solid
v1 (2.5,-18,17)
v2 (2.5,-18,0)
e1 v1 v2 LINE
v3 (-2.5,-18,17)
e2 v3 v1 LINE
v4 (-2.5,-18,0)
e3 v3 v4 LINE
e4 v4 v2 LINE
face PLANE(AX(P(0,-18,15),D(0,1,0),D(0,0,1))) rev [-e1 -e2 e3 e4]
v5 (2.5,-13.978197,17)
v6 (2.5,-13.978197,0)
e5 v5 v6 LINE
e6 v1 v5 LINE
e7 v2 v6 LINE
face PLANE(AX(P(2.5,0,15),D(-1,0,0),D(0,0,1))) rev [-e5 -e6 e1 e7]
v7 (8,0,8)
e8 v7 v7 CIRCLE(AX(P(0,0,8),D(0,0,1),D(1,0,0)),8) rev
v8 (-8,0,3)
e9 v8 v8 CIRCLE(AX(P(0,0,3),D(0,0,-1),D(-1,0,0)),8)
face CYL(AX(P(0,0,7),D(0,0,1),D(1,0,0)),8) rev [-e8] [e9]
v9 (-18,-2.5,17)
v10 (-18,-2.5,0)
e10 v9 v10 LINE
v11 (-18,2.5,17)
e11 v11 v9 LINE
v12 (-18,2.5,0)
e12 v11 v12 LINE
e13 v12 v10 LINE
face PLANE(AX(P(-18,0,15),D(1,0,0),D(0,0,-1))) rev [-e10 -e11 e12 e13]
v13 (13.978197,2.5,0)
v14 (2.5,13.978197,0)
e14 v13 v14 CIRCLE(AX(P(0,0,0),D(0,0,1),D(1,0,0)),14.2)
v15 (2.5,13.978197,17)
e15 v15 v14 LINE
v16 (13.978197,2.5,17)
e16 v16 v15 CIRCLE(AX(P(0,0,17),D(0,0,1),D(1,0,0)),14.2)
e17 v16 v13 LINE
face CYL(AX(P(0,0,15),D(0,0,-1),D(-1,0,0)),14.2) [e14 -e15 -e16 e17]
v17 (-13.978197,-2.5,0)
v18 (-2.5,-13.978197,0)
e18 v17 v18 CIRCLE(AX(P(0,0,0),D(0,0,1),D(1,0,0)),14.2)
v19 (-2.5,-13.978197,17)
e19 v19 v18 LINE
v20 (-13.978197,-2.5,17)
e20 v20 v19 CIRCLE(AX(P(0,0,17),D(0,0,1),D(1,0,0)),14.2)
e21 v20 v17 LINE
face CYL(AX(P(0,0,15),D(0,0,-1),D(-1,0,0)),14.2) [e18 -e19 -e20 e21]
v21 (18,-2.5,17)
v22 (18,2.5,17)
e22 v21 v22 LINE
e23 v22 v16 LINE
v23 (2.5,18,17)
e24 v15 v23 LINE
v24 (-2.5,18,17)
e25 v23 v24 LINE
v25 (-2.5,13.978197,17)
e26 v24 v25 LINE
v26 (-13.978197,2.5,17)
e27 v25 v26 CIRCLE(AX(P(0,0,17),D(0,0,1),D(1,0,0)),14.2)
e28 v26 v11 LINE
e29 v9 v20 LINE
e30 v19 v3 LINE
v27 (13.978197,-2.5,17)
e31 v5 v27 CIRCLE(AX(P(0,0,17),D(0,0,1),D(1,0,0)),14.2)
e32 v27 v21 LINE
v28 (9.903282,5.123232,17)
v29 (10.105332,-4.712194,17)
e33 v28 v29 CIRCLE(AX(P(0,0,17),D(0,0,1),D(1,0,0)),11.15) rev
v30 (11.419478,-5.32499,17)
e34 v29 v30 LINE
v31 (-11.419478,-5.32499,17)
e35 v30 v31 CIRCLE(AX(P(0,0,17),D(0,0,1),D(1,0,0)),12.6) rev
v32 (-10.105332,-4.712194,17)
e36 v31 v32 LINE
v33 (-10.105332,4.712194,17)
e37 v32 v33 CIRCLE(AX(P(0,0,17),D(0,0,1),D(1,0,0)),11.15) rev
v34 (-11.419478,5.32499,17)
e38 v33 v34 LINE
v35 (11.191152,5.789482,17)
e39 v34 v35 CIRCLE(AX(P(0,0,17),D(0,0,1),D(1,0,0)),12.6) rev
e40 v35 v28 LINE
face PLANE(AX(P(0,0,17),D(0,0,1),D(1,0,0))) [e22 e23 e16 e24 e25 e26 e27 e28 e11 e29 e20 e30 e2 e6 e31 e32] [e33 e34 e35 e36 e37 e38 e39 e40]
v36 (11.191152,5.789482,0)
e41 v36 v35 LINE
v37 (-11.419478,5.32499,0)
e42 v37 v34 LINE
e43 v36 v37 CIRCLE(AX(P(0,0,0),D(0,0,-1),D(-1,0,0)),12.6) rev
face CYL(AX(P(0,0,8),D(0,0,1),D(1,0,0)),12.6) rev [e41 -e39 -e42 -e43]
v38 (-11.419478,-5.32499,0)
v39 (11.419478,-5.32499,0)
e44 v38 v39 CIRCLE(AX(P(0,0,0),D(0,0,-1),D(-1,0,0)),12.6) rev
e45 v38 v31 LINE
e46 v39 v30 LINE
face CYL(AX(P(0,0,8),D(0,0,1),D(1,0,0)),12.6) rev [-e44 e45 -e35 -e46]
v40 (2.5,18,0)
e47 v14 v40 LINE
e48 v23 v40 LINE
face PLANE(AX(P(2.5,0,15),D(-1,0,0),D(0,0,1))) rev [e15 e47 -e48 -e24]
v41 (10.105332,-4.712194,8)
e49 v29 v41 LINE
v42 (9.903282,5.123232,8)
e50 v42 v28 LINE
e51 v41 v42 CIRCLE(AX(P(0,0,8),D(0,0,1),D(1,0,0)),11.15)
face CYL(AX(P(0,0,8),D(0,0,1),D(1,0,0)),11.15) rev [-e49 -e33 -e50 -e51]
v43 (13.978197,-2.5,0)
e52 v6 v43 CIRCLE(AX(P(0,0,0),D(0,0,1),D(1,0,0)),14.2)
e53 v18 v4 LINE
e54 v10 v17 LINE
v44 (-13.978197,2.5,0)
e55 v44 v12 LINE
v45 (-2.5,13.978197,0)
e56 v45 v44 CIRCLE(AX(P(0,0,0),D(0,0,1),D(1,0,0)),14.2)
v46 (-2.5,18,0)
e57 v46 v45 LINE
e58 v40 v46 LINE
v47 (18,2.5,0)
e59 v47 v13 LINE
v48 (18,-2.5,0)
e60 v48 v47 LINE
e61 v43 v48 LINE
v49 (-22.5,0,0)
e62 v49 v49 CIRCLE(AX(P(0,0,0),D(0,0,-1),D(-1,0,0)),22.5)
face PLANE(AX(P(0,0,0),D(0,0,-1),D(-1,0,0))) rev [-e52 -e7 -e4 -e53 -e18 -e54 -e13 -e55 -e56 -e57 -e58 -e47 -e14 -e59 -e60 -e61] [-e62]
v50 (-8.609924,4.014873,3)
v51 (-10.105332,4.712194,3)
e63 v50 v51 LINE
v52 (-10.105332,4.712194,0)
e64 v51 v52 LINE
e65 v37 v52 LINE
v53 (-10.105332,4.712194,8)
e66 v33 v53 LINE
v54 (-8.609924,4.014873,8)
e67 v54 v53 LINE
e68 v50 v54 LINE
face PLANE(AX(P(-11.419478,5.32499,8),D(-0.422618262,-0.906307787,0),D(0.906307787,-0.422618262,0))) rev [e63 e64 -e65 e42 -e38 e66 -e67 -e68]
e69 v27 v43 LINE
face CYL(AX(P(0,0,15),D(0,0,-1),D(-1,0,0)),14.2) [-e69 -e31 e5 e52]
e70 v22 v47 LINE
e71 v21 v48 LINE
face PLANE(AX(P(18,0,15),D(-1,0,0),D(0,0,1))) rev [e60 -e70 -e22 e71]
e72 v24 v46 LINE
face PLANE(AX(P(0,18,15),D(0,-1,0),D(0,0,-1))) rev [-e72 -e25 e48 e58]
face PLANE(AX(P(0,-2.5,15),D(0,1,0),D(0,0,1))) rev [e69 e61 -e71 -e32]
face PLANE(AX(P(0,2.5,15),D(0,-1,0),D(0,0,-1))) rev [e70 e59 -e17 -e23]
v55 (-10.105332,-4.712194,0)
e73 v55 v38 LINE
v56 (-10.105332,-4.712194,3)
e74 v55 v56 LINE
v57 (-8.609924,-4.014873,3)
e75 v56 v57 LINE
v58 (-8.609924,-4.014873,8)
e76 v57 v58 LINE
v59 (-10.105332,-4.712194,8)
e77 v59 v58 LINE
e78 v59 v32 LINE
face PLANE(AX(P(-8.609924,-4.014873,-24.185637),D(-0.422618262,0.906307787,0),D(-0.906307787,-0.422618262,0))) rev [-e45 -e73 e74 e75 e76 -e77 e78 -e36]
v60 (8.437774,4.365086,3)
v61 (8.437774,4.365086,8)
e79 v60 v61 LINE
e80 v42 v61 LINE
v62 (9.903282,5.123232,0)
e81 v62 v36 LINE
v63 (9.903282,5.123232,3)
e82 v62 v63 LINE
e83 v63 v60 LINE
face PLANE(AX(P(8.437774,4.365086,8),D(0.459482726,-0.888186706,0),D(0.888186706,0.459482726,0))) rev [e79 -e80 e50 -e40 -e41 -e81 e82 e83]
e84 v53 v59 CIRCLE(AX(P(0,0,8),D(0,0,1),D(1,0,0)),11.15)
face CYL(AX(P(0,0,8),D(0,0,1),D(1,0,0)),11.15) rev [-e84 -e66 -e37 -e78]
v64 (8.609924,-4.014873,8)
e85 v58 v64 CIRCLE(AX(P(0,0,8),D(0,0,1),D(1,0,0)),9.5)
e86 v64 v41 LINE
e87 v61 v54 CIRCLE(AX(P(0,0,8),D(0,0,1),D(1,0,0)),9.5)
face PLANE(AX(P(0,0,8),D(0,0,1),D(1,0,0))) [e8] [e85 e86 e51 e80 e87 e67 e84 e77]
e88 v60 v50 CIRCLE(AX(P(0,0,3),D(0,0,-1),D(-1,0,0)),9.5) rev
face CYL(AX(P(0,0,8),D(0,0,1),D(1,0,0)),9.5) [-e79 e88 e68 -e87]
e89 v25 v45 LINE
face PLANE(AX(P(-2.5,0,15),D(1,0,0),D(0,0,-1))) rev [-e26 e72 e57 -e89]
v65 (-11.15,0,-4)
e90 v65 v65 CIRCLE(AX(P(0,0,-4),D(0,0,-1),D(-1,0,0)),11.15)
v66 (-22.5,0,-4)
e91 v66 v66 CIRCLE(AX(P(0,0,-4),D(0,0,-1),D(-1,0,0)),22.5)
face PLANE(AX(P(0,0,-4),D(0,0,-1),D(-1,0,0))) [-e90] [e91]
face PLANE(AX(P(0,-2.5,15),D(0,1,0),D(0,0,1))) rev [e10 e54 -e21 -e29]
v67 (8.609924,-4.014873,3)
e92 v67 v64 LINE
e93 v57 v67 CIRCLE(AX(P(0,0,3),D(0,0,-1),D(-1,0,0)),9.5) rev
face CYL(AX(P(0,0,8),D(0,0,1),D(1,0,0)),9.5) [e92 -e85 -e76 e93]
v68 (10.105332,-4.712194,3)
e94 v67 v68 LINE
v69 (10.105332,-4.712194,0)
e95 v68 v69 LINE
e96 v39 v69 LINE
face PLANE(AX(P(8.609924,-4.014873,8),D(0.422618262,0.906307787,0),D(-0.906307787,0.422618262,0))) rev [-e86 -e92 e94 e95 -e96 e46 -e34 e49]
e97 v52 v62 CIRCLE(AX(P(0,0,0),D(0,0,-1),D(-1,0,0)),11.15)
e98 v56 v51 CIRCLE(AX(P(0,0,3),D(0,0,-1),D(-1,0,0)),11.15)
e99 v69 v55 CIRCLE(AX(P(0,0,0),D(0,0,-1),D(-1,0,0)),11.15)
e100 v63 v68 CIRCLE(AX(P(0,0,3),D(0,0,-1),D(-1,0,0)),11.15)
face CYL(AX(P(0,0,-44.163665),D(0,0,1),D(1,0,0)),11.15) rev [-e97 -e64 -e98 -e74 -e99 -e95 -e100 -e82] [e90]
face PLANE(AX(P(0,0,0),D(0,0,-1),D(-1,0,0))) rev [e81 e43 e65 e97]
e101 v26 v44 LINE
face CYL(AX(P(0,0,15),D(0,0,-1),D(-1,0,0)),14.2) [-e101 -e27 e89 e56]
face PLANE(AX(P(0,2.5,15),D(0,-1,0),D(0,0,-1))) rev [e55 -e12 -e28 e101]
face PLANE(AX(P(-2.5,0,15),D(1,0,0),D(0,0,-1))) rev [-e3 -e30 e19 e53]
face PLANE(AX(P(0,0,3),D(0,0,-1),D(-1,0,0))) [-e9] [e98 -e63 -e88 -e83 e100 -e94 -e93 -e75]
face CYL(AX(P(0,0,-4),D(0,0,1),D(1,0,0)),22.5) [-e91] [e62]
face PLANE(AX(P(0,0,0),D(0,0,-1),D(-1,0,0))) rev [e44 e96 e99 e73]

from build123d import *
from build123d.topology import SkipClean

# Parameters (mm, degrees)
ESBO_O1_R                 = 11.15
RESSALTO_EXTRUS_O1_DEPTH  = 15
ESBO_O2_R                 = 22.5
RESSALTO_EXTRUS_O2_DEPTH  = 4
RESSALTO_EXTRUS_O6_START  = -8
ESBO_O5_R                 = 11.15
ESBO_O5_R_2               = 8
RESSALTO_EXTRUS_O6_DEPTH  = 8
RESSALTO_EXTRUS_O7_START  = 4
ESBO_O7_R                 = 14.2
ESBO_O7_R_2               = 11.15
RESSALTO_EXTRUS_O7_DEPTH  = 4
RESSALTO_EXTRUS_O8_START  = 4
ESBO_O8_R                 = 11.15
ESBO_O8_R_2               = 8
RESSALTO_EXTRUS_O8_DEPTH  = 4
CORTE_EXTRUS_O1_DEPTH     = 7
CORTE_EXTRUS_O2_DEPTH     = 8
CORTE_EXTRUS_O3_START     = -4
CORTE_EXTRUS_O3_DEPTH     = 4
CORTE_EXTRUS_O4_START     = -11
CORTE_EXTRUS_O4_DEPTH     = 11
CORTE_EXTRUS_O5_START     = -3
ESBO_O17_R                = 11.15
CORTE_EXTRUS_O5_DEPTH     = 3
RESSALTO_EXTRUS_O11_DEPTH = 6


with BuildPart() as part:
    # Esboço1 → Ressalto-extrusão1 (new body)
    with BuildSketch(Plane.XY):
        with BuildLine():
            Line((-2.5, 18), (-2.5, 13.978197309))
            ThreePointArc((-2.5, 13.978197309), (-10.040916293, 10.040916293), (-13.978197309, 2.5))
            Line((-13.978197309, 2.5), (-18, 2.5))
            Line((-18, 2.5), (-18, -2.5))
            Line((-18, -2.5), (-13.978197309, -2.5))
            ThreePointArc((-13.978197309, -2.5), (-10.040916293, -10.040916293), (-2.5, -13.978197309))
            Line((-2.5, -13.978197309), (-2.5, -18))
            Line((-2.5, -18), (2.5, -18))
            Line((2.5, -18), (2.5, -13.978197309))
            ThreePointArc((2.5, -13.978197309), (10.040916293, -10.040916293), (13.978197309, -2.5))
            Line((13.978197309, -2.5), (18, -2.5))
            Line((18, -2.5), (18, 2.5))
            Line((18, 2.5), (13.978197309, 2.5))
            ThreePointArc((13.978197309, 2.5), (10.040916293, 10.040916293), (2.5, 13.978197309))
            Line((2.5, 13.978197309), (2.5, 18))
            Line((2.5, 18), (-2.5, 18))
        make_face()
        Circle(ESBO_O1_R, mode=Mode.SUBTRACT)
    extrude(amount=RESSALTO_EXTRUS_O1_DEPTH)

    # Esboço5 → Ressalto-extrusão6 (add)
    with BuildSketch(Plane.XY.offset(15).offset(RESSALTO_EXTRUS_O6_START)):
        Circle(ESBO_O5_R)
        Circle(ESBO_O5_R_2, mode=Mode.SUBTRACT)
    extrude(amount=RESSALTO_EXTRUS_O6_DEPTH)



with BuildPart() as body_2:
    # Esboço2 → Ressalto-extrusão2 (new body)
    # profile 1 of 5: a face of its own
    with SkipClean():  # the faces are left unmerged after this step: merging them gives an invalid solid
        with BuildSketch(Plane(origin=(0, 0, 0), x_dir=(-1, 0, 0), z_dir=(0, 0, -1))):
            Circle(ESBO_O2_R)
            with BuildLine():
                Line((2.5, 13.978197309), (2.5, 18))
                Line((2.5, 18), (-2.5, 18))
                Line((-2.5, 18), (-2.5, 13.978197309))
                ThreePointArc((-2.5, 13.978197309), (-10.040916293, 10.040916293), (-13.978197309, 2.5))
                Line((-13.978197309, 2.5), (-18, 2.5))
                Line((-18, 2.5), (-18, -2.5))
                Line((-18, -2.5), (-13.978197309, -2.5))
                ThreePointArc((-13.978197309, -2.5), (-10.040916293, -10.040916293), (-2.5, -13.978197309))
                Line((-2.5, -13.978197309), (-2.5, -18))
                Line((-2.5, -18), (2.5, -18))
                Line((2.5, -18), (2.5, -13.978197309))
                ThreePointArc((2.5, -13.978197309), (10.040916293, -10.040916293), (13.978197309, -2.5))
                Line((13.978197309, -2.5), (18, -2.5))
                Line((18, -2.5), (18, 2.5))
                Line((18, 2.5), (13.978197309, 2.5))
                ThreePointArc((13.978197309, 2.5), (10.040916293, 10.040916293), (2.5, 13.978197309))
            make_face(mode=Mode.SUBTRACT)
        # profile 2 of 5: a face of its own
        with BuildSketch(Plane(origin=(0, 0, 0), x_dir=(-1, 0, 0), z_dir=(0, 0, -1))):
            with BuildLine():
                Line((2.5, -18), (2.5, -13.978197309))
                ThreePointArc((2.5, -13.978197309), (0, -14.2), (-2.5, -13.978197309))
                Line((-2.5, -13.978197309), (-2.5, -18))
                Line((-2.5, -18), (2.5, -18))
            make_face()
        # profile 3 of 5: a face of its own
        with BuildSketch(Plane(origin=(0, 0, 0), x_dir=(-1, 0, 0), z_dir=(0, 0, -1))):
            with BuildLine():
                ThreePointArc((-13.978197309, -2.5), (-14.2, 0), (-13.978197309, 2.5))
                Line((-13.978197309, 2.5), (-18, 2.5))
                Line((-18, 2.5), (-18, -2.5))
                Line((-18, -2.5), (-13.978197309, -2.5))
            make_face()
        # profile 4 of 5: a face of its own
        with BuildSketch(Plane(origin=(0, 0, 0), x_dir=(-1, 0, 0), z_dir=(0, 0, -1))):
            with BuildLine():
                ThreePointArc((-2.5, 13.978197309), (0, 14.2), (2.5, 13.978197309))
                Line((2.5, 13.978197309), (2.5, 18))
                Line((2.5, 18), (-2.5, 18))
                Line((-2.5, 18), (-2.5, 13.978197309))
            make_face()
        # profile 5 of 5: a face of its own
        with BuildSketch(Plane(origin=(0, 0, 0), x_dir=(-1, 0, 0), z_dir=(0, 0, -1))):
            with BuildLine():
                Line((18, 2.5), (13.978197309, 2.5))
                ThreePointArc((13.978197309, 2.5), (14.2, 0), (13.978197309, -2.5))
                Line((13.978197309, -2.5), (18, -2.5))
                Line((18, -2.5), (18, 2.5))
            make_face()
        extrude(amount=RESSALTO_EXTRUS_O2_DEPTH)


with BuildPart() as part_1:
    with SkipClean():  # the faces are left unmerged after this step: merging them gives an invalid solid
        add(part.part)

        add(body_2.part)  # Ressalto-extrusão7 merges body 2
        # Esboço7 → Ressalto-extrusão7 (add)
        with BuildSketch(Plane(origin=(0, 0, 0), x_dir=(-1, 0, 0), z_dir=(0, 0, -1)).offset(RESSALTO_EXTRUS_O7_START)):
            Circle(ESBO_O7_R)
            with Locations(Location((0, 0, 0), (0, 0, 180))):
                Circle(ESBO_O7_R_2, mode=Mode.SUBTRACT)
        extrude(amount=-RESSALTO_EXTRUS_O7_DEPTH)

    # Esboço8 → Ressalto-extrusão8 (add)
    with BuildSketch(Plane(origin=(0, 0, 7), x_dir=(-1, 0, 0), z_dir=(0, 0, -1)).offset(RESSALTO_EXTRUS_O8_START)):
        Circle(ESBO_O8_R)
        with Locations(Location((0, 0, 0), (0, 0, 180))):
            Circle(ESBO_O8_R_2, mode=Mode.SUBTRACT)
    extrude(amount=-RESSALTO_EXTRUS_O8_DEPTH)

    # Esboço11 → Corte-extrusão1 (cut)
    with BuildSketch(Plane.XY.offset(15)):
        with BuildLine():
            Line((-11.191152491, -5.789482353), (-8.437773704, -4.365085901))
            ThreePointArc((-8.437773704, -4.365085901), (0.195118203, -9.497996046), (8.609923977, -4.014873487))
            Line((8.609923977, -4.014873487), (11.419478117, -5.324990098))
            ThreePointArc((11.419478117, -5.324990098), (0.258788353, -12.597342124), (-11.191152491, -5.789482353))
        make_face()
        with BuildLine():
            Line((-11.419478117, 5.324990098), (-8.609923977, 4.014873487))
            ThreePointArc((-8.609923977, 4.014873487), (-0.195118203, 9.497996046), (8.437773704, 4.365085901))
            Line((8.437773704, 4.365085901), (11.191152491, 5.789482353))
            ThreePointArc((11.191152491, 5.789482353), (-0.258788353, 12.597342124), (-11.419478117, 5.324990098))
        make_face()
    extrude(amount=-CORTE_EXTRUS_O1_DEPTH, mode=Mode.SUBTRACT)

    # Esboço12 → Corte-extrusão2 (cut)
    with BuildSketch(Plane.XY.offset(8)):
        with BuildLine():
            Line((11.419478117, -5.324990098), (8.609923977, -4.014873487))
            ThreePointArc((8.609923977, -4.014873487), (0.195118203, -9.497996046), (-8.437773704, -4.365085901))
            Line((-8.437773704, -4.365085901), (-11.191152491, -5.789482353))
            ThreePointArc((-11.191152491, -5.789482353), (0.258788353, -12.597342124), (11.419478117, -5.324990098))
        make_face()
        with BuildLine():
            Line((-11.419478117, 5.324990098), (-8.609923977, 4.014873487))
            ThreePointArc((-8.609923977, 4.014873487), (-0.195118203, 9.497996046), (8.437773704, 4.365085901))
            Line((8.437773704, 4.365085901), (11.191152491, 5.789482353))
            ThreePointArc((11.191152491, 5.789482353), (-0.258788353, 12.597342124), (-11.419478117, 5.324990098))
        make_face()
    extrude(amount=-CORTE_EXTRUS_O2_DEPTH, mode=Mode.SUBTRACT)

    # Esboço13 → Corte-extrusão3 (cut)
    with BuildSketch(Plane.XY.offset(15).offset(CORTE_EXTRUS_O3_START)):
        with BuildLine():
            Line((-2.5, 18), (-2.5, 13.978197309))
            ThreePointArc((-2.5, 13.978197309), (-10.040916293, 10.040916293), (-13.978197309, 2.5))
            Line((-13.978197309, 2.5), (-18, 2.5))
            Line((-18, 2.5), (-18, -2.5))
            Line((-18, -2.5), (-13.978197309, -2.5))
            ThreePointArc((-13.978197309, -2.5), (-10.040916293, -10.040916293), (-2.5, -13.978197309))
            Line((-2.5, -13.978197309), (-2.5, -18))
            Line((-2.5, -18), (2.5, -18))
            Line((2.5, -18), (2.5, -13.978197309))
            ThreePointArc((2.5, -13.978197309), (10.040916293, -10.040916293), (13.978197309, -2.5))
            Line((13.978197309, -2.5), (18, -2.5))
            Line((18, -2.5), (18, 2.5))
            Line((18, 2.5), (13.978197309, 2.5))
            ThreePointArc((13.978197309, 2.5), (10.040916293, 10.040916293), (2.5, 13.978197309))
            Line((2.5, 13.978197309), (2.5, 18))
            Line((2.5, 18), (-2.5, 18))
        make_face()
    extrude(amount=CORTE_EXTRUS_O3_DEPTH, mode=Mode.SUBTRACT)

    # Esboço14 → Corte-extrusão4 (cut)
    with BuildSketch(Plane.XY.offset(11).offset(CORTE_EXTRUS_O4_START)):
        with BuildLine():
            Line((11.191152491, 5.789482353), (8.437773704, 4.365085901))
            ThreePointArc((8.437773704, 4.365085901), (-0.195118203, 9.497996046), (-8.609923977, 4.014873487))
            Line((-8.609923977, 4.014873487), (-11.419478117, 5.324990098))
            ThreePointArc((-11.419478117, 5.324990098), (-0.258788353, 12.597342124), (11.191152491, 5.789482353))
        make_face()
        with BuildLine():
            Line((-8.609923977, -4.014873487), (-11.419478117, -5.324990098))
            ThreePointArc((-11.419478117, -5.324990098), (-11.307700579, -5.55840873), (-11.191152491, -5.789482353))
            Line((-11.191152491, -5.789482353), (-8.437773704, -4.365085901))
            ThreePointArc((-8.437773704, -4.365085901), (-8.525647262, -4.190863725), (-8.609923977, -4.014873487))
        make_face()
    extrude(amount=CORTE_EXTRUS_O4_DEPTH, mode=Mode.SUBTRACT)

    # Esboço17 → Corte-extrusão5 (cut)
    with SkipClean():  # the faces are left unmerged after this step: merging them gives an invalid solid
        with BuildSketch(Plane.XY.offset(11).offset(CORTE_EXTRUS_O5_START)):
            with Locations(Location((0, 0, 0), (0, 0, 335))):
                Circle(ESBO_O17_R)
        extrude(amount=CORTE_EXTRUS_O5_DEPTH, mode=Mode.SUBTRACT)

    # Esboço18 → Ressalto-extrusão11 (add)
    with SkipClean():  # the faces are left unmerged after this step: merging them gives an invalid solid
        with BuildSketch(Plane.XY.offset(11)):
            with BuildLine():
                Line((2.5, 13.978197309), (2.5, 18))
                Line((2.5, 18), (-2.5, 18))
                Line((-2.5, 18), (-2.5, 13.978197309))
                ThreePointArc((-2.5, 13.978197309), (-10.040916293, 10.040916293), (-13.978197309, 2.5))
                Line((-13.978197309, 2.5), (-18, 2.5))
                Line((-18, 2.5), (-18, -2.5))
                Line((-18, -2.5), (-13.978197309, -2.5))
                ThreePointArc((-13.978197309, -2.5), (-10.040916293, -10.040916293), (-2.5, -13.978197309))
                Line((-2.5, -13.978197309), (-2.5, -18))
                Line((-2.5, -18), (2.5, -18))
                Line((2.5, -18), (2.5, -13.978197309))
                ThreePointArc((2.5, -13.978197309), (10.040916293, -10.040916293), (13.978197309, -2.5))
                Line((13.978197309, -2.5), (18, -2.5))
                Line((18, -2.5), (18, 2.5))
                Line((18, 2.5), (13.978197309, 2.5))
                ThreePointArc((13.978197309, 2.5), (10.040916293, 10.040916293), (2.5, 13.978197309))
            make_face()
            with BuildLine():
                Line((-11.419478117, -5.324990098), (-10.105331825, -4.712193618))
                ThreePointArc((-10.105331825, -4.712193618), (-11.15, 0), (-10.105331825, 4.712193618))
                Line((-10.105331825, 4.712193618), (-11.419478117, 5.324990098))
                ThreePointArc((-11.419478117, 5.324990098), (-0.258788353, 12.597342124), (11.191152491, 5.789482353))
                Line((11.191152491, 5.789482353), (9.903281768, 5.1232324))
                ThreePointArc((9.903281768, 5.1232324), (11.147647991, 0.229007154), (10.105331825, -4.712193618))
                Line((10.105331825, -4.712193618), (11.419478117, -5.324990098))
                ThreePointArc((11.419478117, -5.324990098), (0, -12.6), (-11.419478117, -5.324990098))
            make_face(mode=Mode.SUBTRACT)
        extrude(amount=RESSALTO_EXTRUS_O11_DEPTH)


solid = part_1.part
